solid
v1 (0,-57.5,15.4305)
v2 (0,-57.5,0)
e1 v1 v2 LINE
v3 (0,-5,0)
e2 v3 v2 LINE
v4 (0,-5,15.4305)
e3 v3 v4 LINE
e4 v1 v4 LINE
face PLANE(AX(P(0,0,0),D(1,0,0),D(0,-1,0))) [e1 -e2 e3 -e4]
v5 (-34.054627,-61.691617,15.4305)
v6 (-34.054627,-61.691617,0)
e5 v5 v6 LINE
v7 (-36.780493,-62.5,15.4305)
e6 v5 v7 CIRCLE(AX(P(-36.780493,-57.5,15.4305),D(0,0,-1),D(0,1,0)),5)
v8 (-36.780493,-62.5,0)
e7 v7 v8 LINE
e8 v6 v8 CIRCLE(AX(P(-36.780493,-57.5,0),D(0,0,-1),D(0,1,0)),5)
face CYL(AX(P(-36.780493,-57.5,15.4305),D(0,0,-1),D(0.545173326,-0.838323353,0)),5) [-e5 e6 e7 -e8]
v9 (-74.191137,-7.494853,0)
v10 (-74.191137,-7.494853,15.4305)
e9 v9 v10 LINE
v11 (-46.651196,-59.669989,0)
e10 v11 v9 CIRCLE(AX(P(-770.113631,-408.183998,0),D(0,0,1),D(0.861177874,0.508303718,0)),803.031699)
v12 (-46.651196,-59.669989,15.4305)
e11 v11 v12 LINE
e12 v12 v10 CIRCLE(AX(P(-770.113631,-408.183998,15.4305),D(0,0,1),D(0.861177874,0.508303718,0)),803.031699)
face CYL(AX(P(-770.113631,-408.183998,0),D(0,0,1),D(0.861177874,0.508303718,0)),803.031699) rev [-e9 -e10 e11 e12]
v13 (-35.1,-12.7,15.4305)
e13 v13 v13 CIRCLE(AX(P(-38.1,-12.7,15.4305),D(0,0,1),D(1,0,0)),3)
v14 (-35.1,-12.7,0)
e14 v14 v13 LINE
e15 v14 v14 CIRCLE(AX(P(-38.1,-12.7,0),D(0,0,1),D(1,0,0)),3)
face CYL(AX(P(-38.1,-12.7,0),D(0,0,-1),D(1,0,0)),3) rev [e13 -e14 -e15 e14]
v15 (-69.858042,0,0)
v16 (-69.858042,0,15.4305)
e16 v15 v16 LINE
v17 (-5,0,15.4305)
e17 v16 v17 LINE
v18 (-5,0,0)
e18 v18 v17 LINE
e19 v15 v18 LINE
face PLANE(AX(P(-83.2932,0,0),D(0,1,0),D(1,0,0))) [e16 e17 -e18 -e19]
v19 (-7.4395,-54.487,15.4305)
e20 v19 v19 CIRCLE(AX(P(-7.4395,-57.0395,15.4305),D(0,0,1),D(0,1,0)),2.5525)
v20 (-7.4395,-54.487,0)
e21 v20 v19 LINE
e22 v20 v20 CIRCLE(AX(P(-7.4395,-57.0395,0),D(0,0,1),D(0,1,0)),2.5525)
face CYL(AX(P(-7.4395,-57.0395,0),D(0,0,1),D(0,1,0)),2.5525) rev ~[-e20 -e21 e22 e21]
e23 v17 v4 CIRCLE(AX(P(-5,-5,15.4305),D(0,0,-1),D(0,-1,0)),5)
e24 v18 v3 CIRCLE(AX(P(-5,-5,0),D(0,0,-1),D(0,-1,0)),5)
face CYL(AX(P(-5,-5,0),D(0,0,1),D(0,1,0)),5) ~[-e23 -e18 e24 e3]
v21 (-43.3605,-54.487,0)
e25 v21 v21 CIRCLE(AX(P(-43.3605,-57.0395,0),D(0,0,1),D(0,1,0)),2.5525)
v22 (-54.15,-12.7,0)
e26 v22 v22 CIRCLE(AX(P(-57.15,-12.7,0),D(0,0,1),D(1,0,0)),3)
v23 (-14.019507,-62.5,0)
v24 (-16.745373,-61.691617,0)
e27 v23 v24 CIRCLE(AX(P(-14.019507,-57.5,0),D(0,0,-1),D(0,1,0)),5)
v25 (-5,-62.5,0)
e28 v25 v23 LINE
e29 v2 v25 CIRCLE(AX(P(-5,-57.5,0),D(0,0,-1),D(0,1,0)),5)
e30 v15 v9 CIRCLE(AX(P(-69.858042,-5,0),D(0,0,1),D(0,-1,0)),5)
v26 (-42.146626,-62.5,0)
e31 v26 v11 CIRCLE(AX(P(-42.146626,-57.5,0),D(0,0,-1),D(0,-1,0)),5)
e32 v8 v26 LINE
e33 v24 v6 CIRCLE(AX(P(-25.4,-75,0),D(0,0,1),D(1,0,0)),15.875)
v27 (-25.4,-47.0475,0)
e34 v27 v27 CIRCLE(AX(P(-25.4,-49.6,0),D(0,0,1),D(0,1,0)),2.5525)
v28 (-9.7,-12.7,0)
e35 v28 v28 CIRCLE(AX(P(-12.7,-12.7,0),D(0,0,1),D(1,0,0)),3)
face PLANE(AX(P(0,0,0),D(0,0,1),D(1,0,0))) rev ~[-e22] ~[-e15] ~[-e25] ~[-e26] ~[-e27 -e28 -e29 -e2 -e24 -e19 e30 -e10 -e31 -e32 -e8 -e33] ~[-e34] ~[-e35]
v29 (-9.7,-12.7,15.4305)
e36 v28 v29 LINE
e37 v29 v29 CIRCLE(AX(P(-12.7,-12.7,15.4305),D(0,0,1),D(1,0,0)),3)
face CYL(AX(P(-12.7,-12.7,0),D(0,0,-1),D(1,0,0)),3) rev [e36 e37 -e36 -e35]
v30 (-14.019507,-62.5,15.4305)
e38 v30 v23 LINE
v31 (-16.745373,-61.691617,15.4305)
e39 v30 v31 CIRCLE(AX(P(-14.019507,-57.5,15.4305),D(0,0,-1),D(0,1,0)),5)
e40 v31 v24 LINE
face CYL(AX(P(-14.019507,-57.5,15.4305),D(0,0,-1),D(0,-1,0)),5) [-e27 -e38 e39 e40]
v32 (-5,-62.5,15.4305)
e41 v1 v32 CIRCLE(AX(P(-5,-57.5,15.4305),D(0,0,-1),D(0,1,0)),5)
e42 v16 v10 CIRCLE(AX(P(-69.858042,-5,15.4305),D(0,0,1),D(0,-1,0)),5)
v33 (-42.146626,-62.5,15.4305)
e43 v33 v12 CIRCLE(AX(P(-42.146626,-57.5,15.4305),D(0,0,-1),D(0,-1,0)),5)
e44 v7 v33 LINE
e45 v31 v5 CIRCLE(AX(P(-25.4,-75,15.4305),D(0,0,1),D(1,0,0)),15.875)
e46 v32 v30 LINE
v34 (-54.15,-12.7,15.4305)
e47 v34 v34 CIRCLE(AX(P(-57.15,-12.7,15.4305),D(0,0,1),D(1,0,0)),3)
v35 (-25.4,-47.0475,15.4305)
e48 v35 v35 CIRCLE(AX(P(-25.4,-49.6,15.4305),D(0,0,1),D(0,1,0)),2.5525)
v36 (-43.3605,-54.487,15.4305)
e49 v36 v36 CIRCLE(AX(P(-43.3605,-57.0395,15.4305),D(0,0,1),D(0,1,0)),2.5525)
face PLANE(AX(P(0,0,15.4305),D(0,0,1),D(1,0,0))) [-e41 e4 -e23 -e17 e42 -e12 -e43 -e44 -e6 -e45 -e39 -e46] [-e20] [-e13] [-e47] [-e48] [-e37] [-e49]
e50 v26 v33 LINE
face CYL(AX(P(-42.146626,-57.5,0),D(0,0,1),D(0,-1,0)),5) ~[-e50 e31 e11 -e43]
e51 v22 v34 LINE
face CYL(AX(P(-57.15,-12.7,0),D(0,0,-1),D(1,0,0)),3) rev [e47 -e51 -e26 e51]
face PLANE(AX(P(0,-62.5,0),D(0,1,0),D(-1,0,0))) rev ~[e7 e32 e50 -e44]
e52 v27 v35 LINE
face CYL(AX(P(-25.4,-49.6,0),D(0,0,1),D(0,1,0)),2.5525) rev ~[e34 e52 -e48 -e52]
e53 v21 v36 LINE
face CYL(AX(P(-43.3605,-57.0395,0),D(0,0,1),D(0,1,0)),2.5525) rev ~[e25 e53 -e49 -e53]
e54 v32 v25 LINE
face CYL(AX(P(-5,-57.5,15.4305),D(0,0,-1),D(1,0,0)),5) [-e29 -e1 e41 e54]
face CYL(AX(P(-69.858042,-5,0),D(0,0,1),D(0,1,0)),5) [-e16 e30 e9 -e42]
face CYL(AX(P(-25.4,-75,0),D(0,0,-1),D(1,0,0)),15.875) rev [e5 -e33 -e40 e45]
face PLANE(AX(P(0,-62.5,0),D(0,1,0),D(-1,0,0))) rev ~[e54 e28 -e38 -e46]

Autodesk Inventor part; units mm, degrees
ref_plane "YZ Plane" through (0, 0, 0) normal (1, 0, 0) x (0, 1, 0)
ref_plane "XZ Plane" through (0, 0, 0) normal (0, 1, 0) x (-1, 0, 0)
ref_plane "XY Plane" through (0, 0, 0) normal (0, 0, 1) x (1, 0, 0)
sketch "Sketch1" plane through (0, 0, 0) normal (0, 0, 1) x (1, 0, 0)
  line L0 (-110, -20.8494) -> (-110, 0)
  line L1 (-110, 0) -> (0, 0)
  line L2 (0, 0) -> (0, -105)
  line L3 (0, -105) -> (-39.3892, -105)
  line L4 (-110, -20.8494) -> (-119.38, 0) construction
  line L5 (-119.38, 0) -> (-110, 0) construction
  line L6 (-50.8, -25.4) -> (0, -25.4) construction
  line L7 (0, -25.4) -> (0, 0) construction
  line L8 (0, 0) -> (-50.8, 0) construction
  line L9 (-50.8, 0) -> (-50.8, -25.4) construction
  line L10 (-50.8, -25.4) -> (0, 0) construction
  line L11 (0, -25.4) -> (-50.8, 0) construction
  circle A0 centre (-12.7, -12.7) radius 3
  circle A1 centre (-38.1, -12.7) radius 3
  circle A2 centre (-25.4, -75) radius 15.875
  circle A3 centre (-25.4, -75) radius 30
  line L12 (-50.8, -90.9637) -> (-50.8, -59.0363)
  line L13 (-110, -4.7091) -> (-83.2932, 0)
  arc A4 (-56.3982, -84.7295) -> (-61.7755, -78.3211) centre (-62.3821, -84.2903) ccw
  line L14 (-39.3892, -105) -> (-56.3982, -84.7295)
  arc A5 (-85.9963, -49.4559) -> (-100.0831, -32.6679) centre (-102.5, -49) ccw
  line L15 (-61.7755, -78.3211) -> (-85.9963, -49.4559)
  line L16 (-100.0831, -32.6679) -> (-110, -20.8494)
  circle A6 centre (-95.25, -12.7) radius 3
  circle A7 centre (-57.15, -12.7) radius 3
  point P0 (0, 0)
  point P1 (-25.4, -12.7)
  point P2 (-25.4, -25.4)
  point P3 (-50.8, -75)
  point P4 (0, -90.9637)
  point P5 (-110, -10.4247)
  point P6 (-48.3813, -94.2836)
  point P7 (0, -59.0363)
  point P8 (-25.4, -105)
  dimension "d1" = 119.38
  dimension "d2" = 50.8
  dimension "d3" = 25.4
  dimension "d4" = 25.4
  dimension "d5" = 12.7
  dimension "d6" = 6
  dimension "d7" = 6
  dimension "d11" = 110
  dimension "d12" = 60
  dimension "d13" = 25.4
  dimension "d14" = 25.4
  dimension "d17" = 20.8494
  dimension "d18" = 31.75
  dimension "d21" = 170
  dimension "d22" = 26.7068
  dimension "d24" = 86.6409
  dimension "d25" = 12
  dimension "d26" = 47.6179
  dimension "d28" = 81.3659
  dimension "d29" = 33.02
  dimension "d30" = 49
  dimension "d31" = 50
  dimension "d41" = 19.05
  dimension "d42" = 38.1
extrude "Extrusion1" add sketch "Sketch1" along normal blind 15.4305 contours L0 L13 L1 L2 A3 L14 A4 L15 A5 L16 | L2 A3 L12 | L12 A3
fillet "Fillet1" radius 6 8 edges at (0, -90.9637, 7.7153) (-110, -20.8494, 7.7153) (-110, -4.7091, 7.7153) (-83.2932, 0, 7.7153) (-56.3982, -84.7295, 7.7153) (-61.7755, -78.3211, 7.7153) (-85.9963, -49.4559, 7.7153) (-100.0831, -32.6679, 7.7153)
sketch "Sketch2" plane through (0, 0, 0) normal (0, 0, -1) x (-1, 0, 0)
  circle A0 centre (25.4, -75) radius 15.875 projected
  circle A1 centre (25.4, -75) radius 25.4
  line L0 (7.4395, -92.9605) -> (7.4395, -57.0395)
  line L1 (43.3605, -57.0395) -> (43.3605, -92.9605)
  line L2 (7.4395, -92.9605) -> (25.4, -75)
  line L3 (25.4, -75) -> (43.3605, -57.0395)
  point P0 (0, 0)
  point P1 (25.4, -100.4)
  point P2 (25.4, -49.6)
  dimension "d32" = 50.8
  dimension "d33" = 45
hole "Hole1" at (-7.4395, -92.9605, 0) at (-7.4395, -57.0395, 0) at (-43.3605, -57.0395, 0) at (-43.3605, -92.9605, 0) at (-25.4, -100.4, 0) at (-25.4, -49.6, 0) direction (0, 0, 1) diameter 5.105 end through all clearance for "Flat Head Machine Screw (82)" size "#10" standard "Ansi Unified Screw Threads"
sketch "Sketch3" plane through (0, 0, 0) normal (0, 0, -1) x (-1, 0, 0)
  circle A0 centre (25.4, -49.6) radius 2.5525 construction
  circle A1 centre (25.4, -100.4) radius 2.5525 construction
  circle A2 centre (43.3605, -92.9605) radius 2.5525 construction
  circle A3 centre (43.3605, -57.0395) radius 2.5525 construction
  circle A4 centre (7.4395, -57.0395) radius 2.5525 construction
  circle A5 centre (7.4395, -92.9605) radius 2.5525 construction
  arc A6 (98.3371, -33.0234) -> (101.4205, -31.074) centre (96.8242, -27.2173) ccw construction
  line L0 (108.5963, -22.5223) -> (101.4205, -31.074) construction
  arc A7 (108.5963, -22.5223) -> (110, -18.6655) centre (104, -18.6655) ccw construction
  line L1 (110, -9.7437) -> (110, -18.6655) construction
  arc A8 (110, -9.7437) -> (105.0419, -3.8349) centre (104, -9.7437) ccw construction
  line L2 (83.8101, -0.0912) -> (105.0419, -3.8349) construction
  arc A9 (83.8101, -0.0912) -> (82.7682, 0) centre (82.7682, -6) ccw construction
  line L3 (0, 0) -> (82.7682, 0) projected
  line L4 (0, -89.1294) -> (0, 0) projected
  arc A10 (0, -89.1294) -> (1.15, -92.6618) centre (6, -89.1294) ccw construction
  arc A11 (1.15, -92.6618) -> (48.3813, -94.2836) centre (25.4, -75) ccw construction
  line L5 (55.1309, -86.2398) -> (48.3813, -94.2836) construction
  arc A12 (55.1309, -86.2398) -> (56.4584, -83.3367) centre (50.5346, -82.3831) ccw construction
  arc A13 (60.4143, -78.6222) -> (56.4584, -83.3367) centre (62.3821, -84.2903) ccw construction
  arc A14 (60.4143, -78.6222) -> (63.0428, -76.8108) centre (58.4465, -72.954) ccw construction
  line L6 (84.6589, -51.0497) -> (63.0428, -76.8108) construction
  arc A15 (84.6589, -51.0497) -> (86.0433, -47.6746) centre (80.0627, -47.193) ccw construction
  arc A16 (98.3371, -33.0234) -> (86.0433, -47.6746) centre (102.5, -49) ccw construction
  circle A17 centre (25.4, -75) radius 15.875 construction
  circle A18 centre (38.1, -12.7) radius 3 construction
  circle A19 centre (12.7, -12.7) radius 3 construction
  circle A20 centre (95.25, -12.7) radius 3 construction
  circle A21 centre (57.15, -12.7) radius 3 construction
  line L7 (0, -62.5) -> (45.2947, -62.5)
  arc A22 (78.5605, 0) -> (45.2947, -62.5) centre (770.086, -408.1685) ccw
  arc A23 (75.8423, -7.7632) -> (9.6381, -155.1512) centre (770.086, -408.1685) ccw construction
  point P0 (0, 0)
  dimension "d43" = 803
  dimension "d44" = 62.5
extrude "Extrusion2" cut sketch "Sketch3" along normal through all both and the other way through all keep common part
fillet "Fillet2" radius 5 6 edges at (-78.5605, 0, 7.7153) (-45.2947, -62.5, 7.7153) (-15.614, -62.5, 7.7153) (-35.186, -62.5, 7.7153) (0, -62.5, 7.7153) (0, 0, 7.7153)
equation "\"d5\" = 0.5 * d4"
equation "\"d7\" = d6"
equation "\"d14\" = d13"
properties part number "SPACER,INTAKE,LINEAR" material "3D Print Material - chopped carbon Nylon12 (preferred)"
